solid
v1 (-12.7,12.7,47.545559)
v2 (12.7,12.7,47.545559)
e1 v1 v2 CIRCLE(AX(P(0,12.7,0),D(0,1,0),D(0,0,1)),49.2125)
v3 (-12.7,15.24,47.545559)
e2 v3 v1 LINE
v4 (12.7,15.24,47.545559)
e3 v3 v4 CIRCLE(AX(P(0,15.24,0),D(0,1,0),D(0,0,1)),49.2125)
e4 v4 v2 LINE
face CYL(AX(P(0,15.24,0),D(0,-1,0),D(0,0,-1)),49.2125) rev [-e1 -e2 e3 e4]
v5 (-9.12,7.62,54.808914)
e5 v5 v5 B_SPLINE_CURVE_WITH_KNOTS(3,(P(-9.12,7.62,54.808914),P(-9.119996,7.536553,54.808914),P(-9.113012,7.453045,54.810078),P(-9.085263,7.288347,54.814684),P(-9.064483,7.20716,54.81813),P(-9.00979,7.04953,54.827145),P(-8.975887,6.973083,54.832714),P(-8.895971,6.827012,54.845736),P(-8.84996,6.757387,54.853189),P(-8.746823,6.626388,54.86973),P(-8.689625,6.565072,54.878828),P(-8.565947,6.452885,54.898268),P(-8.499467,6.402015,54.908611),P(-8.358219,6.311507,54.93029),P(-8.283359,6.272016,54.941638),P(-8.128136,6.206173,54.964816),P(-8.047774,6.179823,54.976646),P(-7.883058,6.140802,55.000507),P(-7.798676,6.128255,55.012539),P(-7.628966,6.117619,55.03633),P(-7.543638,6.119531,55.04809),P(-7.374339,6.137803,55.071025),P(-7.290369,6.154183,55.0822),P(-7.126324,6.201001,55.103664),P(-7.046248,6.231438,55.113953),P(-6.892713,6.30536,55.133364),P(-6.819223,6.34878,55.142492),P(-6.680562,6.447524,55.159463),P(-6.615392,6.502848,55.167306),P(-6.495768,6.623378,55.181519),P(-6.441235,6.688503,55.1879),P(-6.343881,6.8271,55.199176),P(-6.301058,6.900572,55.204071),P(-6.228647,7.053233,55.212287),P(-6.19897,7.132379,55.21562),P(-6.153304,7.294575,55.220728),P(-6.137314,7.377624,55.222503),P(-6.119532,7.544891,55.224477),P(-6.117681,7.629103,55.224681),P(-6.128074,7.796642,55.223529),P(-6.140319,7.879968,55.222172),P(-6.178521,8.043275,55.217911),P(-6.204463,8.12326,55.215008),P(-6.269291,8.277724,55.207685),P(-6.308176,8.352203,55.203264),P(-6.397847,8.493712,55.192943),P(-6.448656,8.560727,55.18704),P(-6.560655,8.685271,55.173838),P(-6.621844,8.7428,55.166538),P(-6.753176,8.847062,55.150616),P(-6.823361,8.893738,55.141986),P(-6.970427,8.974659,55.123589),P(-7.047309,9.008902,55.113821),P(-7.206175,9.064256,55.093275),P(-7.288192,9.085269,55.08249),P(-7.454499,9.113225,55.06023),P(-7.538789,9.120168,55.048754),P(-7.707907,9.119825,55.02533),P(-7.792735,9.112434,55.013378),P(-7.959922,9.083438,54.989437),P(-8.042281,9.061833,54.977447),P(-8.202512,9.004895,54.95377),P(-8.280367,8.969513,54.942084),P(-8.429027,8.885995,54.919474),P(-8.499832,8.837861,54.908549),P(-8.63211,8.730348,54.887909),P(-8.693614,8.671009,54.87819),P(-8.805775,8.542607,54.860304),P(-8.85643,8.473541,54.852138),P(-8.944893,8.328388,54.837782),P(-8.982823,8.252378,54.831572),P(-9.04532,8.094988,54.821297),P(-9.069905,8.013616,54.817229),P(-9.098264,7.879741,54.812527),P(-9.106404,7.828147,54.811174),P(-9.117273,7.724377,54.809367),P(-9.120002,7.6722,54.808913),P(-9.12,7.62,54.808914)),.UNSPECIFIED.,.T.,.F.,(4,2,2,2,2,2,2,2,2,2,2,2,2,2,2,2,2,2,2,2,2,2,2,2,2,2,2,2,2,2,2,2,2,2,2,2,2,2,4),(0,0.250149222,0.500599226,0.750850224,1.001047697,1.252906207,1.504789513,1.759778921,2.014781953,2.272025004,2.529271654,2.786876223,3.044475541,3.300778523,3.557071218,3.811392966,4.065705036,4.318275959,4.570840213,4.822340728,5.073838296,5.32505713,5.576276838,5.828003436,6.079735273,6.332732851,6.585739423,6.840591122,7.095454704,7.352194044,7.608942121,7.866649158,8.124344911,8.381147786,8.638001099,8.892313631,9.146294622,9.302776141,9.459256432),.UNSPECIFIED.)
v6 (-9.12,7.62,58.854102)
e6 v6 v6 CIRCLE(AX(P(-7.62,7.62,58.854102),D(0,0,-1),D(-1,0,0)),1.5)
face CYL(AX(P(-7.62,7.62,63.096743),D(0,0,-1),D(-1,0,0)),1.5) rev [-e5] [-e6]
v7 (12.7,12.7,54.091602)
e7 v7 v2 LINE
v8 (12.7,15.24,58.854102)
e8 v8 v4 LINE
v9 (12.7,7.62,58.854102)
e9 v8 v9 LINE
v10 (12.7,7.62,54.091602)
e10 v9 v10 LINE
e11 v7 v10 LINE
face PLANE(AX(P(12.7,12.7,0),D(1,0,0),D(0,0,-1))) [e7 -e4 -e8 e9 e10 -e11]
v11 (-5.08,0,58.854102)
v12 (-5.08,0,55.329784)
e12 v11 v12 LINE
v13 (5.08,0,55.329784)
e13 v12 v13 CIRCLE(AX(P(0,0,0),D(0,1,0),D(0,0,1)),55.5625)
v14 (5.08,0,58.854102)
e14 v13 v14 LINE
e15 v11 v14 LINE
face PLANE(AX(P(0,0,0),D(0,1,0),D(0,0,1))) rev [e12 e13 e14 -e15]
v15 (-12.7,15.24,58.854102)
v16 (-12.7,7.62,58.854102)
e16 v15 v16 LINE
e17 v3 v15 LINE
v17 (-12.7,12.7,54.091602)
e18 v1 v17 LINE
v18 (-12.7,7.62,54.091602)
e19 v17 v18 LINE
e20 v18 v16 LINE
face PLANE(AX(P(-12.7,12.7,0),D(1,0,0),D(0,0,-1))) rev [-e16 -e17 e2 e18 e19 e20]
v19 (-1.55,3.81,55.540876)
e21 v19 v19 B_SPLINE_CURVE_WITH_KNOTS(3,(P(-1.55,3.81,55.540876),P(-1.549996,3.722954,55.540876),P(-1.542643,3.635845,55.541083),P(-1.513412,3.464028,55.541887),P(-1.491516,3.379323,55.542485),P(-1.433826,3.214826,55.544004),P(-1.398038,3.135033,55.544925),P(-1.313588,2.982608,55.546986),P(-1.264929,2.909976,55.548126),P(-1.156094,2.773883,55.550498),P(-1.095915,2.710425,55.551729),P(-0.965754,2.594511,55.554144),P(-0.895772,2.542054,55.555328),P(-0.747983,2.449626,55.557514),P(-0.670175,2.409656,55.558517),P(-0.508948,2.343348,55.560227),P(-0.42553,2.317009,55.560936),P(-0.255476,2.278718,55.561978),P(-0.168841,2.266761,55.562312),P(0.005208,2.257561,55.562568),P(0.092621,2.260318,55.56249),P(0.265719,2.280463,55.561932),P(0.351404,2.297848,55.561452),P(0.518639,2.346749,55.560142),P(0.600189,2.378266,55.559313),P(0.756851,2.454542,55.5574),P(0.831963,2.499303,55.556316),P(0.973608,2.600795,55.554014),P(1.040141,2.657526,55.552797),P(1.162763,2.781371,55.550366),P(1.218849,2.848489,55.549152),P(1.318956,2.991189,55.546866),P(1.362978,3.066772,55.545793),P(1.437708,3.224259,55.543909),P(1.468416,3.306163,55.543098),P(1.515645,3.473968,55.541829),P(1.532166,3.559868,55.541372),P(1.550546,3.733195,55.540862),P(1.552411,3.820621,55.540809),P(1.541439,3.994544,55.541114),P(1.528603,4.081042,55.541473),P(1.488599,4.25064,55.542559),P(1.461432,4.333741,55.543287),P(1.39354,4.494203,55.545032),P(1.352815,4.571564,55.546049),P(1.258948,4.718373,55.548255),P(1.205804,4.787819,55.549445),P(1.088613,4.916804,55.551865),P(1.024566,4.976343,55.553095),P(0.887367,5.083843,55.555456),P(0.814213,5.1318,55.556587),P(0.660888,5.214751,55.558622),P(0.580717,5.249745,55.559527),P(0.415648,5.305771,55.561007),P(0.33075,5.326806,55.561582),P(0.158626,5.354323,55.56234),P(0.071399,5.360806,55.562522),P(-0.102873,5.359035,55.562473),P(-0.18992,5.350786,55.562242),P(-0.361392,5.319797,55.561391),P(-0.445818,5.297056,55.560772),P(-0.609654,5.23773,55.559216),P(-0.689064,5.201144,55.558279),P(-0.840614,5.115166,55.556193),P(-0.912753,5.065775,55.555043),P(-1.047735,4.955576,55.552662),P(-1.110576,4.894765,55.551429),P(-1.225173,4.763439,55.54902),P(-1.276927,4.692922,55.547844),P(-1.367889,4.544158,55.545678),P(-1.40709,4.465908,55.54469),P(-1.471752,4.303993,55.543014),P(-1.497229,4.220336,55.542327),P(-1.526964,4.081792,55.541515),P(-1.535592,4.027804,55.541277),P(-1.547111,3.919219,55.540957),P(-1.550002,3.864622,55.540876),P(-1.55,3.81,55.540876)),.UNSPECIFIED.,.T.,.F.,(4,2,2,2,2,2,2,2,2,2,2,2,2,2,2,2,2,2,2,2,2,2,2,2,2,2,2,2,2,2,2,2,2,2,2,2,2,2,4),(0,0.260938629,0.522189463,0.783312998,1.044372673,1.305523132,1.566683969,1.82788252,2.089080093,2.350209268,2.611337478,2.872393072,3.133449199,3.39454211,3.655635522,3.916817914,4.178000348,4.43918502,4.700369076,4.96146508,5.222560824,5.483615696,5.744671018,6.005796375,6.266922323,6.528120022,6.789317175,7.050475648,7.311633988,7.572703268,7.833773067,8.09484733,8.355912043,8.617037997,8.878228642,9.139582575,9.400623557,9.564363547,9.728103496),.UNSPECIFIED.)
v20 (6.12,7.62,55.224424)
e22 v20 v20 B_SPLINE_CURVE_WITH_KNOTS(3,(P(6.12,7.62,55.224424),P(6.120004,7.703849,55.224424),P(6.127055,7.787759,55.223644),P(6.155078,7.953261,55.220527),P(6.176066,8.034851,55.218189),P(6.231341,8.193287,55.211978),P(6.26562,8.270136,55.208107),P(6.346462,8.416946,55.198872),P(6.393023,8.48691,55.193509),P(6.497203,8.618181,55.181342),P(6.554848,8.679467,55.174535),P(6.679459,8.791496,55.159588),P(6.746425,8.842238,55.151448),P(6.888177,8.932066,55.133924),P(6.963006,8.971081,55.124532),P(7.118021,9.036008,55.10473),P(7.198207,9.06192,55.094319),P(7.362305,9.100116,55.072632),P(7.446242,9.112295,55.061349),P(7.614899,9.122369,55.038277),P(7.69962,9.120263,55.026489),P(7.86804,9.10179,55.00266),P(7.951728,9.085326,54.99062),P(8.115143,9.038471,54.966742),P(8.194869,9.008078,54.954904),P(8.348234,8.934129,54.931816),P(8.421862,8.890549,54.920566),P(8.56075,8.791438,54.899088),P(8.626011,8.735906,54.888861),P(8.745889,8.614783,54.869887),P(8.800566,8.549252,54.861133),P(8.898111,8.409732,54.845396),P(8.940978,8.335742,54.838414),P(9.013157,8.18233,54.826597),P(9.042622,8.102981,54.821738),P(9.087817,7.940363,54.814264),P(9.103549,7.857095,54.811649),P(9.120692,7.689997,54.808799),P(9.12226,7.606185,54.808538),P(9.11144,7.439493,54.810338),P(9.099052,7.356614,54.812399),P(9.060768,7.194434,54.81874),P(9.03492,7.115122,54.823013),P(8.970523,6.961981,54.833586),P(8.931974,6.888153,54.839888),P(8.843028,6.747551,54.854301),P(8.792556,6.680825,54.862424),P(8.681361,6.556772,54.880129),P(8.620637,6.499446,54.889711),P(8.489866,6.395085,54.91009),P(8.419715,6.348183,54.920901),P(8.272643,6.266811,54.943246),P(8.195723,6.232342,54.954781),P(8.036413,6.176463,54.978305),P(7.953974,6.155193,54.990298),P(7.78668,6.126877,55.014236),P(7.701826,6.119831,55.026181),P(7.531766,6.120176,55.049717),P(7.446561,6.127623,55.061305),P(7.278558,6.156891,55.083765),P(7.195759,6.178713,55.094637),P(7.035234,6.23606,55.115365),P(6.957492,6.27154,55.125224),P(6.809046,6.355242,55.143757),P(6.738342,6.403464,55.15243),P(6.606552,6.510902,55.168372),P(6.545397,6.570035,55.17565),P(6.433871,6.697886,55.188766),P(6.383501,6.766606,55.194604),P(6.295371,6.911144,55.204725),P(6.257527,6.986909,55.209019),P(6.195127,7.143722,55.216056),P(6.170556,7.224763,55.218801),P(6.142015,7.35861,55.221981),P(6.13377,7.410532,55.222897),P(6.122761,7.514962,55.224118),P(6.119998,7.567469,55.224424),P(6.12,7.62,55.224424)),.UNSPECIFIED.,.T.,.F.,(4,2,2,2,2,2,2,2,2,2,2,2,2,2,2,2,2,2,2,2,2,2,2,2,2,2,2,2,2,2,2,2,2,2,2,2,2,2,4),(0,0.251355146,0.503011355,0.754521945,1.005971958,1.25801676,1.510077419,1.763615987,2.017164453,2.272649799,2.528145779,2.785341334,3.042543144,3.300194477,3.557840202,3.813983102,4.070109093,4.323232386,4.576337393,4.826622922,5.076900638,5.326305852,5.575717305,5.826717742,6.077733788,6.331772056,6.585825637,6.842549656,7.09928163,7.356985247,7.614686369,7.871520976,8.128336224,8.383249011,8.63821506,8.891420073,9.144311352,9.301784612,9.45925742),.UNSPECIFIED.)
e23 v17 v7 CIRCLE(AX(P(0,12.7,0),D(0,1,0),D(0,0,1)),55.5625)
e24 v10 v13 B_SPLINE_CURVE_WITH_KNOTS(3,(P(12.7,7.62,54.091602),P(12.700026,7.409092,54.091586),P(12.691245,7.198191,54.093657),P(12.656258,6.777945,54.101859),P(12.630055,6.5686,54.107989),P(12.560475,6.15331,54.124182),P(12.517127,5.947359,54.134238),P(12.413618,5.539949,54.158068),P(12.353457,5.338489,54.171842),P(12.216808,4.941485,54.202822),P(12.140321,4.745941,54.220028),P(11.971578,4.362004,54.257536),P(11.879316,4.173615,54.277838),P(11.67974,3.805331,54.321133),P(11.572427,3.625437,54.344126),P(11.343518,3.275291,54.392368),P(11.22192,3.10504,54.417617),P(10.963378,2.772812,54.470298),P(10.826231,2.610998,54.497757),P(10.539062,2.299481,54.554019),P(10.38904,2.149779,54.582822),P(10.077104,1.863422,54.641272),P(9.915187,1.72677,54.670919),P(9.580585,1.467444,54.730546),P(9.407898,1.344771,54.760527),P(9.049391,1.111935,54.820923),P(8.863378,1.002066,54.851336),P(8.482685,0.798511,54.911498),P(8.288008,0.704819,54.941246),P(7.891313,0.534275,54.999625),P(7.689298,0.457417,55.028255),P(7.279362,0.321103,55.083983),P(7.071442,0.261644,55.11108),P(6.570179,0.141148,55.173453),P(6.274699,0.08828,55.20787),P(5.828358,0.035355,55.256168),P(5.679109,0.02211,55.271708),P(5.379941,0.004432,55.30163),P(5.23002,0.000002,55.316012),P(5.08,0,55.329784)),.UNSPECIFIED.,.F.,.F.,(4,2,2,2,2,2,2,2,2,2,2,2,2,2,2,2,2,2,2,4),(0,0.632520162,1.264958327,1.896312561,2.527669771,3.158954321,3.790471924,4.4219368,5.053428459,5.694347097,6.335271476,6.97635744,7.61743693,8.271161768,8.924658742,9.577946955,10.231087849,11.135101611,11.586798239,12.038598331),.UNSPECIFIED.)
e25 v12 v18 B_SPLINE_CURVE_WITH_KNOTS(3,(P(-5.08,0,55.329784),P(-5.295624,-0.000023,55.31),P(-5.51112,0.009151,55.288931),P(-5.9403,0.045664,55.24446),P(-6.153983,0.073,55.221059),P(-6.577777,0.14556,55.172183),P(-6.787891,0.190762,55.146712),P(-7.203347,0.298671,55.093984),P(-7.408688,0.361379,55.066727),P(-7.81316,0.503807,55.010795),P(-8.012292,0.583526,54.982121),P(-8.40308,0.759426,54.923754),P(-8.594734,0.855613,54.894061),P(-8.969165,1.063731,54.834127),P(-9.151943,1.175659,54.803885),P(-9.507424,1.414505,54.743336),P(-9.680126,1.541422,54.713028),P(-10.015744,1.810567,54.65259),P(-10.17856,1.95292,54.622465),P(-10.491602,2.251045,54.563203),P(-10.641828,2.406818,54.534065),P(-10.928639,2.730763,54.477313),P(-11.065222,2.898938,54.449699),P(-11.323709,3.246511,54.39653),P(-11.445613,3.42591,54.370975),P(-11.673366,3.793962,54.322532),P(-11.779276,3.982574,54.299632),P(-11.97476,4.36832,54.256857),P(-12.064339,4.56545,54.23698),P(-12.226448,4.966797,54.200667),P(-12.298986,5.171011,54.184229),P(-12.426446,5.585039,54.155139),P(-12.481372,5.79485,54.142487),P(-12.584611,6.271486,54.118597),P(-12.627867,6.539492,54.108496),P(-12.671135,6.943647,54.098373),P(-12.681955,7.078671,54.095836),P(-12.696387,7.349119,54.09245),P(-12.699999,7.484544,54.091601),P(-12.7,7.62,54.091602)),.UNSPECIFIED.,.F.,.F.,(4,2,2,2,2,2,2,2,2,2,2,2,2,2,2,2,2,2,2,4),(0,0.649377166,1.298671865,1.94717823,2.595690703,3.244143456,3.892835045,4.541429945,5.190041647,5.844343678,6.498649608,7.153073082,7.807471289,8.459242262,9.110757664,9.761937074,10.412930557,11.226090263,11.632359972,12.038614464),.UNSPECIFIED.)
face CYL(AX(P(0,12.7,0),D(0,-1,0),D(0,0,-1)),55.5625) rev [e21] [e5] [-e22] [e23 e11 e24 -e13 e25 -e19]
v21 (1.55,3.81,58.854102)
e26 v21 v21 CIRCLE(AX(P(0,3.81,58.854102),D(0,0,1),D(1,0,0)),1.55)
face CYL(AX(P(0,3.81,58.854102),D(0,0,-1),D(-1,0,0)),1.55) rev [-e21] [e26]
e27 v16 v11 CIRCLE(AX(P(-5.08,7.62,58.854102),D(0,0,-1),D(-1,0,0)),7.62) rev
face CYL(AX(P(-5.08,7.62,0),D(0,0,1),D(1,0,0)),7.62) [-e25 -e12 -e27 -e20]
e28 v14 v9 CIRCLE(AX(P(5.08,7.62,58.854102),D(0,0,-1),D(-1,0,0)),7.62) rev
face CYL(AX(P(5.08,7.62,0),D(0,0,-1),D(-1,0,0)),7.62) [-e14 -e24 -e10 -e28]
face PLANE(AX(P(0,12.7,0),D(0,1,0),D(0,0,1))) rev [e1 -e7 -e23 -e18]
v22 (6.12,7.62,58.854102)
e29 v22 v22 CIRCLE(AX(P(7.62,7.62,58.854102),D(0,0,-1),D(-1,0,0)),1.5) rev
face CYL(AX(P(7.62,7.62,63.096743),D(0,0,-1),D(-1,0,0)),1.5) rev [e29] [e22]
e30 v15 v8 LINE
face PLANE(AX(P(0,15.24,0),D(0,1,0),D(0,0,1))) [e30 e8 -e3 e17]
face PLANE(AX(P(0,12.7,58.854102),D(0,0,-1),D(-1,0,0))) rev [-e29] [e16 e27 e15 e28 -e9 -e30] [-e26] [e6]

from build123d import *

# Parameters (mm, degrees)
BOSS_EXTRUDE1_DEPTH = 12.7
SKETCH2_R           = 1.500000048
CUT_EXTRUDE1_DEPTH  = 58.854101994
FILLET1_R           = 7.62
CUT_EXTRUDE2_DEPTH  = 62.533611452
BOSS_EXTRUDE2_DEPTH = 2.54


with BuildPart() as part:
    # Sketch1 → Boss-Extrude1 (new body)
    with BuildSketch(Plane(origin=(0, 0, 0), x_dir=(1, 0, 0), z_dir=(0, 1, 0))):
        with BuildLine():
            ThreePointArc((12.7, -54.091601994), (0, -55.5625), (-12.7, -54.091601994))
            Line((-12.7, -54.091601994), (-12.7, -58.854101994))
            Line((-12.7, -58.854101994), (12.7, -58.854101994))
            Line((12.7, -58.854101994), (12.7, -54.091601994))
        make_face()
    extrude(amount=BOSS_EXTRUDE1_DEPTH)

    # Sketch2 → Cut-Extrude1 (cut)
    with BuildSketch(Plane.XY):
        with Locations(Location((-7.62, 7.62, 0), (0, 0, 180))):
            Circle(SKETCH2_R)
    cut_extrude1 = extrude(amount=CUT_EXTRUDE1_DEPTH, mode=Mode.SUBTRACT)

    # Mirror1: Cut-Extrude1 across plane
    add(cut_extrude1.mirror(Plane(origin=(0, 0, 0), x_dir=(0, 0, 1), z_dir=(1, 0, 0))), mode=Mode.SUBTRACT)

    # Fillet1
    fillet1_edges = [part.edges().sort_by_distance(p)[0] for p in [
        (-12.7, 0, 56.472851994),
        (12.7, 0, 56.472851994),
    ]]
    fillet(fillet1_edges, radius=FILLET1_R)

    # Sketch2<4> → Cut-Extrude2 (cut, through all)
    with BuildSketch(Plane.XY):
        with BuildLine():
            ThreePointArc((1.549999948, 3.81), (1.096015474, 4.906015474), (0, 5.359999948))
            Line((0, 5.359999948), (0, 2.260000052))
            ThreePointArc((0, 2.260000052), (1.096015474, 2.713984526), (1.549999948, 3.81))
        make_face()
        with BuildLine():
            Line((0, 2.260000052), (0, 5.359999948))
            ThreePointArc((0, 5.359999948), (-1.549999948, 3.81), (0, 2.260000052))
        make_face()
    extrude(amount=CUT_EXTRUDE2_DEPTH, mode=Mode.SUBTRACT)

    # Sketch7 → Boss-Extrude2 (add)
    with BuildSketch(Plane(origin=(0, 12.7, 0), x_dir=(1, 0, 0), z_dir=(0, 1, 0))):
        with BuildLine():
            Line((-12.7, -54.091601994), (-12.7, -58.854101994))
            Line((-12.7, -58.854101994), (12.7, -58.854101994))
            Line((12.7, -58.854101994), (12.7, -54.091601994))
            ThreePointArc((12.7, -54.091601994), (0, -55.5625), (-12.7, -54.091601994))
        make_face()
        with BuildLine():
            ThreePointArc((-12.7, -47.545558744), (0, -49.2125), (12.7, -47.545558744))
            Line((12.7, -47.545558744), (12.7, -54.091601994))
            ThreePointArc((12.7, -54.091601994), (0, -55.5625), (-12.7, -54.091601994))
            Line((-12.7, -54.091601994), (-12.7, -47.545558744))
        make_face()
    extrude(amount=BOSS_EXTRUDE2_DEPTH)


solid = part.part
